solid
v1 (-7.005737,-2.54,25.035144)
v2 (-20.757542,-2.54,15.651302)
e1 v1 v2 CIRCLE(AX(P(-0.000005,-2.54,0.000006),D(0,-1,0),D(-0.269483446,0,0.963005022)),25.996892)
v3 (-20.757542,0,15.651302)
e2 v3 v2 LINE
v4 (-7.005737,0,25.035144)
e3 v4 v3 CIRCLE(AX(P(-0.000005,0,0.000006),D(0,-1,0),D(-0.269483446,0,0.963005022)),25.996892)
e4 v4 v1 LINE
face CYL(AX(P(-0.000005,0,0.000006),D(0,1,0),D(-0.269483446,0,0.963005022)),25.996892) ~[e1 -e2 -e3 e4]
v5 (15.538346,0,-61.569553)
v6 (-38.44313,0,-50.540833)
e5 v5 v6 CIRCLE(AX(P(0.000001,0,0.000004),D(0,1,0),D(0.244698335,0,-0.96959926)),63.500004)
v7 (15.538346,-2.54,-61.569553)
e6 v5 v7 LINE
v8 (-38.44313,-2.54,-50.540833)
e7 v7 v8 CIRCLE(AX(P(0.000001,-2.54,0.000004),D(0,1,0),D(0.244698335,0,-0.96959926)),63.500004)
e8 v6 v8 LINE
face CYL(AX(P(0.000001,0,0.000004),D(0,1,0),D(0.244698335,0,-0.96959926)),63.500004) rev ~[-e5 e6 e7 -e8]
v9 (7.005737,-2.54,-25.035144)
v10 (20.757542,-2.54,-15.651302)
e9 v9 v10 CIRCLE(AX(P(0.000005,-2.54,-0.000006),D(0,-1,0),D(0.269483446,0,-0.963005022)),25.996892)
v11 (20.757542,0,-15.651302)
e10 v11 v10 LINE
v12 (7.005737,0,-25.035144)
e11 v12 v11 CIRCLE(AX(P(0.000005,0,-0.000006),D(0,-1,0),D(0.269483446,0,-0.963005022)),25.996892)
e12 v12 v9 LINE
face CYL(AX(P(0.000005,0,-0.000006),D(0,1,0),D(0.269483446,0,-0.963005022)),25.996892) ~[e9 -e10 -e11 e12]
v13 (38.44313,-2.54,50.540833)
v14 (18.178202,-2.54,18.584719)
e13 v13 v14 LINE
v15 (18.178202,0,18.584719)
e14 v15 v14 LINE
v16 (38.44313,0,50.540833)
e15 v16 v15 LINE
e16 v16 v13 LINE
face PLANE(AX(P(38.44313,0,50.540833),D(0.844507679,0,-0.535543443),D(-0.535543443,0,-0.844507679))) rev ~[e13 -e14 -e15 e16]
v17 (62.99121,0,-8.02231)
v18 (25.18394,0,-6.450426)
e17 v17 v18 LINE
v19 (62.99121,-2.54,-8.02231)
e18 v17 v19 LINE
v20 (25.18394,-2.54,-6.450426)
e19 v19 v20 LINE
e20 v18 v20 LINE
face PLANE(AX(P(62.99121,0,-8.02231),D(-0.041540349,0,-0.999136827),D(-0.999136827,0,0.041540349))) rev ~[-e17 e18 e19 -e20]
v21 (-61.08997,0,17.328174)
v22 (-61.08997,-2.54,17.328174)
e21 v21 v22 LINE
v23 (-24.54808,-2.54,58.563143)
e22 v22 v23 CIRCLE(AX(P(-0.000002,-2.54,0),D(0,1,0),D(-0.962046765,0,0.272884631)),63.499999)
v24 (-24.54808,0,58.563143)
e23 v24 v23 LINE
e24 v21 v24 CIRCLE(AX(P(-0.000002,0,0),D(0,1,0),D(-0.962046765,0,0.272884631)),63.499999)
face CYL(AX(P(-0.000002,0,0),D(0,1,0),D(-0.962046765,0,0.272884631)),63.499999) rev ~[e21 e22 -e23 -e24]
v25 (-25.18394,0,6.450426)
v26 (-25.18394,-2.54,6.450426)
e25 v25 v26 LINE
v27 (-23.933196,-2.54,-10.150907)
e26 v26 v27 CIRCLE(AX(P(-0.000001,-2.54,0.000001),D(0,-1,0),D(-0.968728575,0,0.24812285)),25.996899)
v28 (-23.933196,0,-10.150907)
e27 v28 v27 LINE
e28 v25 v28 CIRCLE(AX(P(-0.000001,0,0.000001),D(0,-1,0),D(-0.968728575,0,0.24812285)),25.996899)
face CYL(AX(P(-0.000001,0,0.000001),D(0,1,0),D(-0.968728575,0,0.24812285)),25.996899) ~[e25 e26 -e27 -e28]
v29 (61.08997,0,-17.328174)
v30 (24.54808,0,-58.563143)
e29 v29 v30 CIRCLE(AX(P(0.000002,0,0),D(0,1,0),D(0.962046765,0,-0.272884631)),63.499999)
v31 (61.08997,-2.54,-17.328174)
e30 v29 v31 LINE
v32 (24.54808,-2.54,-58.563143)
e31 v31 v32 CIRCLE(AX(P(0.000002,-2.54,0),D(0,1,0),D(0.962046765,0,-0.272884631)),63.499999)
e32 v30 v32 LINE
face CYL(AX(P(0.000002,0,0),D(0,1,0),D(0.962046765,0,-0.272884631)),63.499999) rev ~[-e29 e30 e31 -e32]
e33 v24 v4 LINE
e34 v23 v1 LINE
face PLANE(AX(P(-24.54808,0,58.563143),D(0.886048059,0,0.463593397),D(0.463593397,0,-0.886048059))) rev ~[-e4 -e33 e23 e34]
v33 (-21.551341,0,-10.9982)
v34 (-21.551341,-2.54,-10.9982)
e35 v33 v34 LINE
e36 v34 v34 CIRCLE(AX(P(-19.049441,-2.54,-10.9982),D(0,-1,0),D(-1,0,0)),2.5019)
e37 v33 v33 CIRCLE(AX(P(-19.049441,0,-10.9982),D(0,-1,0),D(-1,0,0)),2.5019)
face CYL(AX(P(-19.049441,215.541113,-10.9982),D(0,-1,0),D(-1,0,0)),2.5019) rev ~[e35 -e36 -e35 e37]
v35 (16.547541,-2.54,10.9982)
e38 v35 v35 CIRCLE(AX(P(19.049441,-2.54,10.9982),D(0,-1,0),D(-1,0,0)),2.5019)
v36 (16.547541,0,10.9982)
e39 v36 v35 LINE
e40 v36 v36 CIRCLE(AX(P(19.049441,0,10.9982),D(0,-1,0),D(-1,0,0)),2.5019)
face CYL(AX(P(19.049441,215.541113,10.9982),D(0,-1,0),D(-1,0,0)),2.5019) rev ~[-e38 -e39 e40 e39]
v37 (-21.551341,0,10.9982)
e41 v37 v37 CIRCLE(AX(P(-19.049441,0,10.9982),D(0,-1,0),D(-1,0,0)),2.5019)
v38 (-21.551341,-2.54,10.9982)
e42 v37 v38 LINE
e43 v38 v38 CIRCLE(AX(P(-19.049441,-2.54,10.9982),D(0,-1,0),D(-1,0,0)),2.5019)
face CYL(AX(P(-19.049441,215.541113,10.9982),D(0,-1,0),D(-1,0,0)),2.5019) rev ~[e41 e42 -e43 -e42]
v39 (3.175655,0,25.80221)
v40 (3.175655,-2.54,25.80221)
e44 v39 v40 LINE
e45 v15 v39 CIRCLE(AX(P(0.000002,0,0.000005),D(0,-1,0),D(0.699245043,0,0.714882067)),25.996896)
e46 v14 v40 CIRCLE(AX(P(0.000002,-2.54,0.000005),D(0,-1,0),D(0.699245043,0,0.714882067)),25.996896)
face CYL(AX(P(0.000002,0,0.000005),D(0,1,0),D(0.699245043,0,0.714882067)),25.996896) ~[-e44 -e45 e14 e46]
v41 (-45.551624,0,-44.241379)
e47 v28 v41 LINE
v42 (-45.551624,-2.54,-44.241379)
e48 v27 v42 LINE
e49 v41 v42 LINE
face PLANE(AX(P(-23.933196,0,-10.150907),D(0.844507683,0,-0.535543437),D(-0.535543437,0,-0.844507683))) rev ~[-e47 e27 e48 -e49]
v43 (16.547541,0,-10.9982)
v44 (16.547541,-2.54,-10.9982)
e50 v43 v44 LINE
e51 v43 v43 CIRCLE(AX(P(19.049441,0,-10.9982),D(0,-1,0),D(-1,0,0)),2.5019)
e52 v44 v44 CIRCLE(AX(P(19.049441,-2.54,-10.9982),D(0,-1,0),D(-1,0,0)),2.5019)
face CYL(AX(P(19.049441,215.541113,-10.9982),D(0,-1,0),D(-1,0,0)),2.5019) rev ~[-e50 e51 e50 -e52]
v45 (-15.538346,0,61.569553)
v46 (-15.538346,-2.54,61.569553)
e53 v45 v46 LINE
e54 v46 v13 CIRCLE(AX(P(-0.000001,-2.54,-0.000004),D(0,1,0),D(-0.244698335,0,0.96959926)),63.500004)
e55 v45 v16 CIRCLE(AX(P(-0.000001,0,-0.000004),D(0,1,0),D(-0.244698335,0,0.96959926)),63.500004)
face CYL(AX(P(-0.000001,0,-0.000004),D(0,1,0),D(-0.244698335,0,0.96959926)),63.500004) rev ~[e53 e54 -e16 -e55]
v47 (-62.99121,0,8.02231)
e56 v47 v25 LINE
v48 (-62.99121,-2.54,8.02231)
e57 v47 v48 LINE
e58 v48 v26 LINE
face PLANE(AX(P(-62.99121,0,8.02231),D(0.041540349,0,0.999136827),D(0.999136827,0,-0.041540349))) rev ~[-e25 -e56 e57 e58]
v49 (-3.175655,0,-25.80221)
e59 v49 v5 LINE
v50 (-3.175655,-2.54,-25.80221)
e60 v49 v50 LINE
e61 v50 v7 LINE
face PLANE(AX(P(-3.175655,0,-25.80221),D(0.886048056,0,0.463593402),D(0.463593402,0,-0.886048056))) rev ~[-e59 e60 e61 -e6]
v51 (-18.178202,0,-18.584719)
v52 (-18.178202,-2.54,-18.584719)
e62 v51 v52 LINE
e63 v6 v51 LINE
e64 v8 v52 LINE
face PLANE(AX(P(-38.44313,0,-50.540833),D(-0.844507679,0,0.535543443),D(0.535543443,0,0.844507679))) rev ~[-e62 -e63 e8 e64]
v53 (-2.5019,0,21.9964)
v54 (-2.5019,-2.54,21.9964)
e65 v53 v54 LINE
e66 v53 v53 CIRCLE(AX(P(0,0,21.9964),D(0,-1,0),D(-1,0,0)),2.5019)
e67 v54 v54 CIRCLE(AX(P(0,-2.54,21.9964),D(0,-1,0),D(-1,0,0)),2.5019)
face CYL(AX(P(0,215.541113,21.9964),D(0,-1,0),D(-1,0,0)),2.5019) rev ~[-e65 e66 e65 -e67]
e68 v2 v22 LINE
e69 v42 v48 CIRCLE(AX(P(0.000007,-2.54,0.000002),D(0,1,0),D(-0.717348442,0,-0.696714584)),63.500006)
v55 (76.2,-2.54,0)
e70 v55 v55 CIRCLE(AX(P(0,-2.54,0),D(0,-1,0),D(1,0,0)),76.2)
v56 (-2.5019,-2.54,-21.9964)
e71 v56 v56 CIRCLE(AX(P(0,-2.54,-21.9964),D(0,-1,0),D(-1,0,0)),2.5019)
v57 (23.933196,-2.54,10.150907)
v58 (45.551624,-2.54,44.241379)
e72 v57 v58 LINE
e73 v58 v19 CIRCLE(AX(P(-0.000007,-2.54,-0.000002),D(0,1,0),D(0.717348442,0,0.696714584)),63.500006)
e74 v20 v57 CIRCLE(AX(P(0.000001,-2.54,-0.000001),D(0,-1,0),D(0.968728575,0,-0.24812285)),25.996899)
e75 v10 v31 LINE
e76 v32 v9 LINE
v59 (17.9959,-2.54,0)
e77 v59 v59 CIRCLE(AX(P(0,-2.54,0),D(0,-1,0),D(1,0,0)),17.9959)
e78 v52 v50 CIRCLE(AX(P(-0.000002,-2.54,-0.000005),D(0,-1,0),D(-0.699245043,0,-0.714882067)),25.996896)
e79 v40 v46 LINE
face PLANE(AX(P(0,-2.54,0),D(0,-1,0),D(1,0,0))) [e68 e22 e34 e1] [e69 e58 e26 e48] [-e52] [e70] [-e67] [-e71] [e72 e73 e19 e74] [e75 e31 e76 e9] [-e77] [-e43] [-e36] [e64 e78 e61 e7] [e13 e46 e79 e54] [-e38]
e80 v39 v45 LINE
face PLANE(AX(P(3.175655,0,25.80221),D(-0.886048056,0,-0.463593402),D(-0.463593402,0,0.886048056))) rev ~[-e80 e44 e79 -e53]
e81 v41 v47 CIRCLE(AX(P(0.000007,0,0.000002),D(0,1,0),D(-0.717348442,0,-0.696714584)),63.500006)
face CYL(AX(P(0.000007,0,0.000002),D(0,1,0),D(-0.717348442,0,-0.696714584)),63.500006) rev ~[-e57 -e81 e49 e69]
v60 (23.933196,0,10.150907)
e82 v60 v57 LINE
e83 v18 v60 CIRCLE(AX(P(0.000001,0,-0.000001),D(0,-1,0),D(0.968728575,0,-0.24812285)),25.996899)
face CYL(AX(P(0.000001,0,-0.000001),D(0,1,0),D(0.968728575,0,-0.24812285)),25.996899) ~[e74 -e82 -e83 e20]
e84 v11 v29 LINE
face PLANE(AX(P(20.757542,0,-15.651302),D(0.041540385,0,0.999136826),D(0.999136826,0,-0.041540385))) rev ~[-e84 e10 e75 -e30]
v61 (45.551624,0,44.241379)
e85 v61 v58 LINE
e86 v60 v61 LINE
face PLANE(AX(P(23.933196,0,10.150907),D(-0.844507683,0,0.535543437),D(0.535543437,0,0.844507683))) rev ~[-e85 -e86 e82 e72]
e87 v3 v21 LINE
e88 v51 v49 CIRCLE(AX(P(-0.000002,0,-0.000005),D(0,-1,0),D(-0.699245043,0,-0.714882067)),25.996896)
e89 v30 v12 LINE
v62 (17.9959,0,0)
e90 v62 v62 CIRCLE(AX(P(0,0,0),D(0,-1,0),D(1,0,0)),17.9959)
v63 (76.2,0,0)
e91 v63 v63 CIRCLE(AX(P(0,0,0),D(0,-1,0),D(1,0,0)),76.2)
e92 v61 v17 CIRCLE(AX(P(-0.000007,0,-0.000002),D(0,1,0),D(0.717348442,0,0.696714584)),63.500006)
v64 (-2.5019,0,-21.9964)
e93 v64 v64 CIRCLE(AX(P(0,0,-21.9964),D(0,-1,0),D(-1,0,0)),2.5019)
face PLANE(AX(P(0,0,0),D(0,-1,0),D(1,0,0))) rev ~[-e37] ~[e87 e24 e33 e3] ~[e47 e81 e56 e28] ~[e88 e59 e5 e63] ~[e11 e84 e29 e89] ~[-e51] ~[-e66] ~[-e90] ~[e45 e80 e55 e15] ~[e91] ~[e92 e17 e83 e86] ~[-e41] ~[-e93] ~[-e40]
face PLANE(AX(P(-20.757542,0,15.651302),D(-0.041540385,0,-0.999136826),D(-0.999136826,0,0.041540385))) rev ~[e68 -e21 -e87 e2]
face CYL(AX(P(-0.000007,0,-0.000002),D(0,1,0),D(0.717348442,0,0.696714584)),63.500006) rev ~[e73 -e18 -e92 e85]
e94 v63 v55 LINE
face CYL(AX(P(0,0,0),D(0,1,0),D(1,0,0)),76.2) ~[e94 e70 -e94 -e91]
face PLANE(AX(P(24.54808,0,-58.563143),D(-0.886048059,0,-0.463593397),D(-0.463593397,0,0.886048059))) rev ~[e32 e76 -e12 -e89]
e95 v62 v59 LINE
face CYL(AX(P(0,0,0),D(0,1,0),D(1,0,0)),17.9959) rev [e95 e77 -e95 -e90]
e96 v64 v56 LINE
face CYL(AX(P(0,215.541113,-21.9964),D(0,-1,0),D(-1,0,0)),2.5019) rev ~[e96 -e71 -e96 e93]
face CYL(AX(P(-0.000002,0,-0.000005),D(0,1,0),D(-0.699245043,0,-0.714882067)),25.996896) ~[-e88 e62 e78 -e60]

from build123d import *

# Parameters (mm, degrees)
F1_R     = 76.2
F1_R_2   = 17.9959
F2_DEPTH = 2.54
F0_D     = 5.0038


with BuildPart() as f2:
    # F1 (on Front) → F2 (new body)
    with BuildSketch(Plane.XZ):
        Circle(F1_R)
        with BuildLine():
            Line((-38.44313, -50.540833), (-18.178202, -18.584719))
            ThreePointArc((-18.178202, -18.584719), (-11.270308, -23.426886), (-3.175655, -25.80221))
            Line((-3.175655, -25.80221), (15.538346, -61.569553))
            ThreePointArc((15.538346, -61.569553), (-12.710839, -62.214826), (-38.44313, -50.540833))
        make_face(mode=Mode.SUBTRACT)
        with BuildLine():
            Line((-62.99121, 8.02231), (-25.18394, 6.450426))
            ThreePointArc((-25.18394, 6.450426), (-25.923432, -1.95307), (-23.933196, -10.150907))
            Line((-23.933196, -10.150907), (-45.551624, -44.241379))
            ThreePointArc((-45.551624, -44.241379), (-60.235039, -20.099503), (-62.99121, 8.02231))
        make_face(mode=Mode.SUBTRACT)
        with BuildLine():
            Line((24.54808, -58.563143), (7.005737, -25.035144))
            ThreePointArc((7.005737, -25.035144), (14.653124, -21.473816), (20.757542, -15.651302))
            Line((20.757542, -15.651302), (61.08997, -17.328174))
            ThreePointArc((61.08997, -17.328174), (47.5242, -42.115323), (24.54808, -58.563143))
        make_face(mode=Mode.SUBTRACT)
        with BuildLine():
            ThreePointArc((-61.08997, 17.328174), (-47.5242, 42.115323), (-24.54808, 58.563143))
            Line((-24.54808, 58.563143), (-7.005737, 25.035144))
            ThreePointArc((-7.005737, 25.035144), (-14.653124, 21.473816), (-20.757542, 15.651302))
            Line((-20.757542, 15.651302), (-61.08997, 17.328174))
        make_face(mode=Mode.SUBTRACT)
        Circle(F1_R_2, mode=Mode.SUBTRACT)
        with BuildLine():
            Line((62.99121, -8.02231), (25.18394, -6.450426))
            ThreePointArc((25.18394, -6.450426), (25.923432, 1.95307), (23.933196, 10.150907))
            Line((23.933196, 10.150907), (45.551624, 44.241379))
            ThreePointArc((45.551624, 44.241379), (60.235039, 20.099503), (62.99121, -8.02231))
        make_face(mode=Mode.SUBTRACT)
        with BuildLine():
            ThreePointArc((18.178202, 18.584719), (11.270308, 23.426886), (3.175655, 25.80221))
            Line((3.175655, 25.80221), (-15.538346, 61.569553))
            ThreePointArc((-15.538346, 61.569553), (12.710839, 62.214826), (38.44313, 50.540833))
            Line((38.44313, 50.540833), (18.178202, 18.584719))
        make_face(mode=Mode.SUBTRACT)
    extrude(amount=F2_DEPTH)

    # F0 (through all)
    with Locations(Plane(origin=(0, 0, 0), x_dir=(1, 0, 0), z_dir=(0, 1, 0))):
        with Locations((19.049441, 10.9982), (19.049441, -10.9982), (0, -21.9964), (-19.049441, -10.9982), (-19.049441, 10.9982), (0, 21.9964)):
            Hole(F0_D / 2)


solid = f2.part
